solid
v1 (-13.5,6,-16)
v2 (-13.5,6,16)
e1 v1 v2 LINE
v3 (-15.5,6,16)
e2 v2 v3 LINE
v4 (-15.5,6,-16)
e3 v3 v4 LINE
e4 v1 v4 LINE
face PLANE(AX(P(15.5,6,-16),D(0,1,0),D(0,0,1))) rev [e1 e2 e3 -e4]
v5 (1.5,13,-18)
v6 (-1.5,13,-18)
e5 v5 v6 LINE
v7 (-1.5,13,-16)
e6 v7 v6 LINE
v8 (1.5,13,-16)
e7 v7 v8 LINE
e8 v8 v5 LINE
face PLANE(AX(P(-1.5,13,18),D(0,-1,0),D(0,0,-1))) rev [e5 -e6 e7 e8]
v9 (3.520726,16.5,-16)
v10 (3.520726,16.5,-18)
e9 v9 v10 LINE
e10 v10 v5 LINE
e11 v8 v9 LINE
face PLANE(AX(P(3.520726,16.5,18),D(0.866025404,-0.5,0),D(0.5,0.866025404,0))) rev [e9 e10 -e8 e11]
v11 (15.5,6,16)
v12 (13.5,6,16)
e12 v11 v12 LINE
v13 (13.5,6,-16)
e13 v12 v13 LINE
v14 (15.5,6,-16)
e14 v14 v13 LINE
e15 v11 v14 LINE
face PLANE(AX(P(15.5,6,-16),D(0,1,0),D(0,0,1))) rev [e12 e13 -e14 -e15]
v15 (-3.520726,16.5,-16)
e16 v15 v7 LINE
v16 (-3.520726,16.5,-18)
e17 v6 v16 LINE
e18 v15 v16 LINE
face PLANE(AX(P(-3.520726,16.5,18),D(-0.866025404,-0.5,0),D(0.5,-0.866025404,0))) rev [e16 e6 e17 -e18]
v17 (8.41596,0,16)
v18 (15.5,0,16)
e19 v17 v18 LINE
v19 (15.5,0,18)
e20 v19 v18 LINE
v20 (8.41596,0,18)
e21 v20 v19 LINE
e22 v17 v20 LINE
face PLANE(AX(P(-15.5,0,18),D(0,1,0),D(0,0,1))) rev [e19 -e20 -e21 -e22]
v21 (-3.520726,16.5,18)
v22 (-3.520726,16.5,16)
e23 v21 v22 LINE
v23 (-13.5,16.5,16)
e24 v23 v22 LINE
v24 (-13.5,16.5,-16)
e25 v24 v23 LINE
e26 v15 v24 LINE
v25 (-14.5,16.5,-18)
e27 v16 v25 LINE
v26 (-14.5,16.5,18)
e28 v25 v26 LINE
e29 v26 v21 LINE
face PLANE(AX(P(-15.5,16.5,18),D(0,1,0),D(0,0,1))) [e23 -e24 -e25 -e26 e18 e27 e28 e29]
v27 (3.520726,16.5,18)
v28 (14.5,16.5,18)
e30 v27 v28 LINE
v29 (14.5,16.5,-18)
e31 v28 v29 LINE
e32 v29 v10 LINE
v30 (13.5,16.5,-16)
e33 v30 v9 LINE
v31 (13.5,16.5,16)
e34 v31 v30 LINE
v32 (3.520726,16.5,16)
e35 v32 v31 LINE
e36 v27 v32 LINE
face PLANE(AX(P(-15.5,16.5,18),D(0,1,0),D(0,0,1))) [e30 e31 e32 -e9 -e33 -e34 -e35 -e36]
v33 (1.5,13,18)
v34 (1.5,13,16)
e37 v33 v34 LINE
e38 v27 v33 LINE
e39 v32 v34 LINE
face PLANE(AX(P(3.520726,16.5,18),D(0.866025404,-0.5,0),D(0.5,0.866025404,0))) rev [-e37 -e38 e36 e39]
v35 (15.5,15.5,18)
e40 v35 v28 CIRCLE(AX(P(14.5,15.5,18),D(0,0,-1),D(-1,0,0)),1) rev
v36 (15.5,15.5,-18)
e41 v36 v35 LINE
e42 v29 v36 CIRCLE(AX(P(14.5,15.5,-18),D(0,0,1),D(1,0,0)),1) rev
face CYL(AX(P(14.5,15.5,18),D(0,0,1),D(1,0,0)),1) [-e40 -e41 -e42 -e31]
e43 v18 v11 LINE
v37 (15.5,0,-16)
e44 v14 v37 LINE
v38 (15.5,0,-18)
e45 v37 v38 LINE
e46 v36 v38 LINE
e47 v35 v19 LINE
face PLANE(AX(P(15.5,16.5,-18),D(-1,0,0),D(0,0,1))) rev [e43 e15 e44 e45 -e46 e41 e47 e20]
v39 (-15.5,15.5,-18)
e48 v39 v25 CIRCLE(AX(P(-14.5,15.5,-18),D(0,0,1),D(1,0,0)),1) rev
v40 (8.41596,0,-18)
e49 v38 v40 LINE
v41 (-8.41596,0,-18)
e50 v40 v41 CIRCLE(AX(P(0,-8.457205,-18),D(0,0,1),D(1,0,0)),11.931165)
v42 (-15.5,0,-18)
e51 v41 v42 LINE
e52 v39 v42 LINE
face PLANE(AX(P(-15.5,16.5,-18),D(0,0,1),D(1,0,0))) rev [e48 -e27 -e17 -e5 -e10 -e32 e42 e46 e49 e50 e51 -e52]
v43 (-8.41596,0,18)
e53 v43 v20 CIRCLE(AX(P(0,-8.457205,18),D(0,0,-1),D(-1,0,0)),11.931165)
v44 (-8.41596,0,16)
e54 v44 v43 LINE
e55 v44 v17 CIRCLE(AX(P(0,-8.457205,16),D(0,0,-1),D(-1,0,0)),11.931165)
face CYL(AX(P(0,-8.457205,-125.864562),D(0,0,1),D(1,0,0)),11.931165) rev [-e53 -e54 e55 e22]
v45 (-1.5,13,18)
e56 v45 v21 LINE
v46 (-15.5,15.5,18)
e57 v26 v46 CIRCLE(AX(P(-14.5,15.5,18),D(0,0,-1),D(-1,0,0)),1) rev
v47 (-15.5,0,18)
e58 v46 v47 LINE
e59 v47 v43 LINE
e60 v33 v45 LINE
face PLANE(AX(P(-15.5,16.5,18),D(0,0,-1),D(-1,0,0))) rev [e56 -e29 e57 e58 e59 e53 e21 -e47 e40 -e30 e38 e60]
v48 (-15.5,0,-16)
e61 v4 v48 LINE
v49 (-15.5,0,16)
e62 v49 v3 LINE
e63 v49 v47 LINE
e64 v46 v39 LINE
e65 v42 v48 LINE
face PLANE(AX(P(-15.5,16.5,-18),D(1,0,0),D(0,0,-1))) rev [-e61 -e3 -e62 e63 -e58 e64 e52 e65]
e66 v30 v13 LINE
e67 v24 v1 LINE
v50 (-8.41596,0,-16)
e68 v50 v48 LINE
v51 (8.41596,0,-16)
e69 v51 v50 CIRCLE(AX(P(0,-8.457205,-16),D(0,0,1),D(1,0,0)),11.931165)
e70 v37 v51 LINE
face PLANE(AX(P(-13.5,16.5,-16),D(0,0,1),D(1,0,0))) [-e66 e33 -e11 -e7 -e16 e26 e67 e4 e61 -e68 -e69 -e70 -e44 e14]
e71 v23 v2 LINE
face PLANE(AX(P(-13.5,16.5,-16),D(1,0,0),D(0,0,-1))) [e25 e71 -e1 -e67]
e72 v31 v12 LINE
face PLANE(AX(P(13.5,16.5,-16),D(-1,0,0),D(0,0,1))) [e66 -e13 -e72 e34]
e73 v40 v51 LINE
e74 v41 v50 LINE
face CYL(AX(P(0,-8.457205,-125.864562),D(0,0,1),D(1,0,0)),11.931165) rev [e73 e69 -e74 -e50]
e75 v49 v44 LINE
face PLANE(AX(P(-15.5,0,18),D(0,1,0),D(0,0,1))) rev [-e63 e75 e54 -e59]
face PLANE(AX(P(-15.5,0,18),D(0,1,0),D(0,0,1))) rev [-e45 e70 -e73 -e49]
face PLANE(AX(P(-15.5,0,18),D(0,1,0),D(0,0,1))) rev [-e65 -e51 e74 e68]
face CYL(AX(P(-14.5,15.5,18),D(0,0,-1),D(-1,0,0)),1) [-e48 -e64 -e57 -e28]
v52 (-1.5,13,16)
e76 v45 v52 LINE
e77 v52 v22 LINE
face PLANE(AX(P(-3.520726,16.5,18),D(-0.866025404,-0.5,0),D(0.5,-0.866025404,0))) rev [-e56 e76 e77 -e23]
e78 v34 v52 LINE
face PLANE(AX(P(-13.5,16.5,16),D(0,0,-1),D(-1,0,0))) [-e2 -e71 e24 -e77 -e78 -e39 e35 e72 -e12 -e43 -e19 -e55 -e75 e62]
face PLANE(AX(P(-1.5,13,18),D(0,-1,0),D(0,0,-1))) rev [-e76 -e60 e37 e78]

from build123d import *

# Parameters (mm, degrees)
SKETCH1_W               = 31
SKETCH1_H               = 36
SKETCH1_W_2             = 27
SKETCH1_H_2             = 32
EXTRUDE1_DEPTH          = 16.5
SKETCH2_W               = 32
SKETCH2_H               = 6
CUT_EXTRUDE1_DEPTH      = 40.462007045
CUT_EXTRUDE2_DEPTH      = 43.52646235
FILLET1_R               = 1
CUT_EXTRUDE4_DEPTH      = 43.52646235
CUT_EXTRUDE4_DEPTH_BACK = 43.52646235


with BuildPart() as part:
    # Sketch1 → Extrude1 (new body)
    with BuildSketch(Plane(origin=(0, 0, 0), x_dir=(1, 0, 0), z_dir=(0, 1, 0))):
        Rectangle(SKETCH1_W, SKETCH1_H)
        Rectangle(SKETCH1_W_2, SKETCH1_H_2, mode=Mode.SUBTRACT)
    extrude(amount=EXTRUDE1_DEPTH)

    # Sketch2 → Cut-Extrude1 (cut, through all)
    with BuildSketch(Plane.ZY.offset(15.5)):
        with Locations((0, 3)):
            Rectangle(SKETCH2_W, SKETCH2_H)
    extrude(amount=-CUT_EXTRUDE1_DEPTH, mode=Mode.SUBTRACT)

    # Sketch3 → Cut-Extrude2 (cut, through all)
    with BuildSketch(Plane(origin=(0, 0, -18), x_dir=(-1, 0, 0), z_dir=(0, 0, -1))):
        Polygon((-3.520725942, 16.5), (3.520725942, 16.5), (1.5, 13), (-1.5, 13), align=None)
    extrude(amount=-CUT_EXTRUDE2_DEPTH, mode=Mode.SUBTRACT)

    # Fillet1
    fillet1_edges = [part.edges().sort_by_distance(p)[0] for p in [
        (15.5, 16.5, 0),
        (-15.5, 16.5, 0),
    ]]
    fillet(fillet1_edges, radius=FILLET1_R)

    # Sketch4 → Cut-Extrude4 (cut, two sides: drawn at the far end of the back side and taken through both)
    with BuildSketch(Plane(origin=(0, 0, -18), x_dir=(-1, 0, 0), z_dir=(0, 0, -1)).offset(-CUT_EXTRUDE4_DEPTH_BACK)):
        with BuildLine():
            Line((-56.695317872, -48.043906057), (-8.415960011, 0))
            ThreePointArc((-8.415960011, 0), (0, 3.47396015), (8.415960011, 0))
            Line((8.415960011, 0), (56.695317872, -48.043906057))
            Line((56.695317872, -48.043906057), (56.695317872, -184.265979228))
            Line((56.695317872, -184.265979228), (-56.695317872, -184.265979228))
            Line((-56.695317872, -184.265979228), (-56.695317872, -48.043906057))
        make_face()
    extrude(amount=CUT_EXTRUDE4_DEPTH + CUT_EXTRUDE4_DEPTH_BACK, mode=Mode.SUBTRACT)


solid = part.part
